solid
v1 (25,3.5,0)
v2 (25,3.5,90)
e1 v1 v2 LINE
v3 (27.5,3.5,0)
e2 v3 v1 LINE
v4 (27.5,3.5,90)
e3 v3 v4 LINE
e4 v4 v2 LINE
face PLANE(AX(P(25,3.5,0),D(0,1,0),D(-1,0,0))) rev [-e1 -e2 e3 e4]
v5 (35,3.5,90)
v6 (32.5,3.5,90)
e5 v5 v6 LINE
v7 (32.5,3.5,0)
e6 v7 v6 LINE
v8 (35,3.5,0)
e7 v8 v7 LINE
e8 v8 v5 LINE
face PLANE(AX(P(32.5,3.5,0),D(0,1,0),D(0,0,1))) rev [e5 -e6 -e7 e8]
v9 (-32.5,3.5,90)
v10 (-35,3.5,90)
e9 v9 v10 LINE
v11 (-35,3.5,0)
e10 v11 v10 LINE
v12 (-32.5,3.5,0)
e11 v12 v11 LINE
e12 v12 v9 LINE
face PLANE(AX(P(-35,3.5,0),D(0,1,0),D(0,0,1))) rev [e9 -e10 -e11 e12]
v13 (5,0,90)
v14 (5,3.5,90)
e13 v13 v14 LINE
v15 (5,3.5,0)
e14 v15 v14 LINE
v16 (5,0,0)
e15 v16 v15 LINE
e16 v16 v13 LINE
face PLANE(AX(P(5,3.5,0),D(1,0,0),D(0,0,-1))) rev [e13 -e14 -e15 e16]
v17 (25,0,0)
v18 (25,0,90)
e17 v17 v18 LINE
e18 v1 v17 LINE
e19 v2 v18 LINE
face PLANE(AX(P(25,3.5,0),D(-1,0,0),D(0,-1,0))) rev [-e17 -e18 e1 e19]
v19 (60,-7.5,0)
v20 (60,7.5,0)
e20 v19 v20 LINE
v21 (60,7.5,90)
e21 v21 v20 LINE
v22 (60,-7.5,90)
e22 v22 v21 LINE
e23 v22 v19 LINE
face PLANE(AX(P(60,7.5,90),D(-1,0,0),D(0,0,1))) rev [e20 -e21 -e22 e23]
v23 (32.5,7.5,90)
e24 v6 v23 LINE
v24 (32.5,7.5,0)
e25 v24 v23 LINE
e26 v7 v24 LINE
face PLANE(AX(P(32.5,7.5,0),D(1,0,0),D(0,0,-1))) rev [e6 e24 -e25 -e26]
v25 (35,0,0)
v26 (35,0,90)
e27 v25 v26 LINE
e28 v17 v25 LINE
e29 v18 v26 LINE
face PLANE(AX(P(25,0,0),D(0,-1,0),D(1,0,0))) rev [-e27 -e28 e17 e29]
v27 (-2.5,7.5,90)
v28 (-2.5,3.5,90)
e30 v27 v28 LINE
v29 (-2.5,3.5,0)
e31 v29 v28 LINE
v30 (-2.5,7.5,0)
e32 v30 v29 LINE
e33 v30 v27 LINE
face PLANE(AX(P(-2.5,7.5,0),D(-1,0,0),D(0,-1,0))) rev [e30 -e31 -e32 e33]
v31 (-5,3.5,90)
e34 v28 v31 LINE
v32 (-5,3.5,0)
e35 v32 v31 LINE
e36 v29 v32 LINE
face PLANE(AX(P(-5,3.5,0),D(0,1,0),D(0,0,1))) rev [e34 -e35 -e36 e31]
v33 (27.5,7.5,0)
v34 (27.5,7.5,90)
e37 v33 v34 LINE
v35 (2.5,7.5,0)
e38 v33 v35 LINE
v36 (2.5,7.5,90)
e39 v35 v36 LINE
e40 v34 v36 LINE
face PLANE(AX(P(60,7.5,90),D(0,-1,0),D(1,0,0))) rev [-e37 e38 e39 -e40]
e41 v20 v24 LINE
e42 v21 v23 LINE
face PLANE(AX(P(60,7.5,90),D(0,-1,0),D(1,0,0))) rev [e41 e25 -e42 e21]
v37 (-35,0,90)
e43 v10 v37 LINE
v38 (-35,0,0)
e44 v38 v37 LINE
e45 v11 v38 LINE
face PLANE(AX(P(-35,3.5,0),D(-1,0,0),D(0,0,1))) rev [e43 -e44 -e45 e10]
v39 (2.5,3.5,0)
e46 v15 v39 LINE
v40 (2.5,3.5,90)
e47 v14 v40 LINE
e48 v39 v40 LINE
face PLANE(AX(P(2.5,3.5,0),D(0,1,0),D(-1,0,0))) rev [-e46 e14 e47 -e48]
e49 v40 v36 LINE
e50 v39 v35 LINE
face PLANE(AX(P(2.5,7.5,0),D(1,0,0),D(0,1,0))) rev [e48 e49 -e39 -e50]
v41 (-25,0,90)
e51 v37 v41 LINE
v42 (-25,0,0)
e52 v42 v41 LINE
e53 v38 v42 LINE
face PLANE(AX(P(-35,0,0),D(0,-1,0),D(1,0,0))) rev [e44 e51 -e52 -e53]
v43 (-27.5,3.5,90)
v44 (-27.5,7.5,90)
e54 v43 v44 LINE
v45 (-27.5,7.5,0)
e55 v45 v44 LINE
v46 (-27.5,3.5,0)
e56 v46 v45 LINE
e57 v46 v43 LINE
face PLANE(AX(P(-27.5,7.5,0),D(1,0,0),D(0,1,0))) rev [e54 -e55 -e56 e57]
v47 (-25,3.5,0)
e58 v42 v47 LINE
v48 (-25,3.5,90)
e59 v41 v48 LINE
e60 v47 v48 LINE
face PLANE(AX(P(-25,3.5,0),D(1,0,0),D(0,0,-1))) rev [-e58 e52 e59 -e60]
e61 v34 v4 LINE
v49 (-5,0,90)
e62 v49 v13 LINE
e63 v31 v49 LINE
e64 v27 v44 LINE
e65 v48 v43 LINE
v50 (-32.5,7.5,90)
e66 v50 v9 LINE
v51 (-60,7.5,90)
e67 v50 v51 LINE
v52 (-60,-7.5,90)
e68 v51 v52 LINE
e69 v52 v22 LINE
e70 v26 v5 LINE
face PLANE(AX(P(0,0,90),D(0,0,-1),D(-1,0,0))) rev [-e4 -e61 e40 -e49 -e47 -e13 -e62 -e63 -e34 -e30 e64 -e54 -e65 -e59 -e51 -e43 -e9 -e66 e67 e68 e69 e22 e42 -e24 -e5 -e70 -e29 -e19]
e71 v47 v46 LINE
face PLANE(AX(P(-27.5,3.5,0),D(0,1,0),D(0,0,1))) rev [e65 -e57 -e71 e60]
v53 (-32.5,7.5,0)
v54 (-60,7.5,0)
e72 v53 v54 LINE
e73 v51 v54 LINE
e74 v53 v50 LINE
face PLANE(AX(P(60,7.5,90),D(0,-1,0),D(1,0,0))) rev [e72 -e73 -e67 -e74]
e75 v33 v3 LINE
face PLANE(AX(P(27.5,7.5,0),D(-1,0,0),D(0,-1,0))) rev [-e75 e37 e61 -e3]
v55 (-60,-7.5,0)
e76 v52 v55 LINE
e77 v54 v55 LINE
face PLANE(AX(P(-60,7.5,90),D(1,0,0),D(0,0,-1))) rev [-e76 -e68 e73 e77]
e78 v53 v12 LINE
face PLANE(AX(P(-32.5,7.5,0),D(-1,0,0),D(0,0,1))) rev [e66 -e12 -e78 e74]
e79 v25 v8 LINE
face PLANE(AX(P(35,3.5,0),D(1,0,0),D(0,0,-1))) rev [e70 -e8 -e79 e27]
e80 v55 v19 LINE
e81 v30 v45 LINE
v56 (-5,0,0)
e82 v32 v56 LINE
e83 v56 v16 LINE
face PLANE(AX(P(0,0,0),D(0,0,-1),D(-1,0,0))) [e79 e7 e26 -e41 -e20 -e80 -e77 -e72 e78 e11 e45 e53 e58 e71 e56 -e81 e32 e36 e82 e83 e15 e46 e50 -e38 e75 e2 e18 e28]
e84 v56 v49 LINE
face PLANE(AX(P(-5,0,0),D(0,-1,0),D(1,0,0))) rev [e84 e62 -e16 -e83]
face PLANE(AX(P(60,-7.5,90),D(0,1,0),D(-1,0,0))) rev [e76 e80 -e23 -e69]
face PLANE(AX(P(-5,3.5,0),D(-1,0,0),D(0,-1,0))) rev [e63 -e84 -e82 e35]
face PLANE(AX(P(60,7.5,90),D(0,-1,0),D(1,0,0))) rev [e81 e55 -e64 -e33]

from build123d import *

# Parameters (mm, degrees)
SKETCH3_W           = 120
SKETCH3_H           = 15
BOSS_EXTRUDE2_DEPTH = 90
CUT_EXTRUDE1_DEPTH  = 90


with BuildPart() as part:
    # Sketch3 → Boss-Extrude2 (new body)
    with BuildSketch(Plane.XY):
        Rectangle(SKETCH3_W, SKETCH3_H)
    extrude(amount=BOSS_EXTRUDE2_DEPTH)

    # Sketch6 → Cut-Extrude1 (cut)
    with BuildSketch(Plane.XY.offset(90)):
        Polygon((32.5, 3.5), (35, 3.5), (35, 0), (25, 0), (25, 3.5), (27.5, 3.5), (27.5, 7.5), (32.5, 7.5), align=None)
        Polygon((-27.5, 3.5), (-25, 3.5), (-25, 0), (-35, 0), (-35, 3.5), (-32.5, 3.5), (-32.5, 7.5), (-27.5, 7.5), align=None)
        Polygon((-2.5, 7.5), (2.5, 7.5), (2.5, 3.5), (5, 3.5), (5, 0), (-5, 0), (-5, 3.5), (-2.5, 3.5), align=None)
    extrude(amount=-CUT_EXTRUDE1_DEPTH, mode=Mode.SUBTRACT)


solid = part.part
